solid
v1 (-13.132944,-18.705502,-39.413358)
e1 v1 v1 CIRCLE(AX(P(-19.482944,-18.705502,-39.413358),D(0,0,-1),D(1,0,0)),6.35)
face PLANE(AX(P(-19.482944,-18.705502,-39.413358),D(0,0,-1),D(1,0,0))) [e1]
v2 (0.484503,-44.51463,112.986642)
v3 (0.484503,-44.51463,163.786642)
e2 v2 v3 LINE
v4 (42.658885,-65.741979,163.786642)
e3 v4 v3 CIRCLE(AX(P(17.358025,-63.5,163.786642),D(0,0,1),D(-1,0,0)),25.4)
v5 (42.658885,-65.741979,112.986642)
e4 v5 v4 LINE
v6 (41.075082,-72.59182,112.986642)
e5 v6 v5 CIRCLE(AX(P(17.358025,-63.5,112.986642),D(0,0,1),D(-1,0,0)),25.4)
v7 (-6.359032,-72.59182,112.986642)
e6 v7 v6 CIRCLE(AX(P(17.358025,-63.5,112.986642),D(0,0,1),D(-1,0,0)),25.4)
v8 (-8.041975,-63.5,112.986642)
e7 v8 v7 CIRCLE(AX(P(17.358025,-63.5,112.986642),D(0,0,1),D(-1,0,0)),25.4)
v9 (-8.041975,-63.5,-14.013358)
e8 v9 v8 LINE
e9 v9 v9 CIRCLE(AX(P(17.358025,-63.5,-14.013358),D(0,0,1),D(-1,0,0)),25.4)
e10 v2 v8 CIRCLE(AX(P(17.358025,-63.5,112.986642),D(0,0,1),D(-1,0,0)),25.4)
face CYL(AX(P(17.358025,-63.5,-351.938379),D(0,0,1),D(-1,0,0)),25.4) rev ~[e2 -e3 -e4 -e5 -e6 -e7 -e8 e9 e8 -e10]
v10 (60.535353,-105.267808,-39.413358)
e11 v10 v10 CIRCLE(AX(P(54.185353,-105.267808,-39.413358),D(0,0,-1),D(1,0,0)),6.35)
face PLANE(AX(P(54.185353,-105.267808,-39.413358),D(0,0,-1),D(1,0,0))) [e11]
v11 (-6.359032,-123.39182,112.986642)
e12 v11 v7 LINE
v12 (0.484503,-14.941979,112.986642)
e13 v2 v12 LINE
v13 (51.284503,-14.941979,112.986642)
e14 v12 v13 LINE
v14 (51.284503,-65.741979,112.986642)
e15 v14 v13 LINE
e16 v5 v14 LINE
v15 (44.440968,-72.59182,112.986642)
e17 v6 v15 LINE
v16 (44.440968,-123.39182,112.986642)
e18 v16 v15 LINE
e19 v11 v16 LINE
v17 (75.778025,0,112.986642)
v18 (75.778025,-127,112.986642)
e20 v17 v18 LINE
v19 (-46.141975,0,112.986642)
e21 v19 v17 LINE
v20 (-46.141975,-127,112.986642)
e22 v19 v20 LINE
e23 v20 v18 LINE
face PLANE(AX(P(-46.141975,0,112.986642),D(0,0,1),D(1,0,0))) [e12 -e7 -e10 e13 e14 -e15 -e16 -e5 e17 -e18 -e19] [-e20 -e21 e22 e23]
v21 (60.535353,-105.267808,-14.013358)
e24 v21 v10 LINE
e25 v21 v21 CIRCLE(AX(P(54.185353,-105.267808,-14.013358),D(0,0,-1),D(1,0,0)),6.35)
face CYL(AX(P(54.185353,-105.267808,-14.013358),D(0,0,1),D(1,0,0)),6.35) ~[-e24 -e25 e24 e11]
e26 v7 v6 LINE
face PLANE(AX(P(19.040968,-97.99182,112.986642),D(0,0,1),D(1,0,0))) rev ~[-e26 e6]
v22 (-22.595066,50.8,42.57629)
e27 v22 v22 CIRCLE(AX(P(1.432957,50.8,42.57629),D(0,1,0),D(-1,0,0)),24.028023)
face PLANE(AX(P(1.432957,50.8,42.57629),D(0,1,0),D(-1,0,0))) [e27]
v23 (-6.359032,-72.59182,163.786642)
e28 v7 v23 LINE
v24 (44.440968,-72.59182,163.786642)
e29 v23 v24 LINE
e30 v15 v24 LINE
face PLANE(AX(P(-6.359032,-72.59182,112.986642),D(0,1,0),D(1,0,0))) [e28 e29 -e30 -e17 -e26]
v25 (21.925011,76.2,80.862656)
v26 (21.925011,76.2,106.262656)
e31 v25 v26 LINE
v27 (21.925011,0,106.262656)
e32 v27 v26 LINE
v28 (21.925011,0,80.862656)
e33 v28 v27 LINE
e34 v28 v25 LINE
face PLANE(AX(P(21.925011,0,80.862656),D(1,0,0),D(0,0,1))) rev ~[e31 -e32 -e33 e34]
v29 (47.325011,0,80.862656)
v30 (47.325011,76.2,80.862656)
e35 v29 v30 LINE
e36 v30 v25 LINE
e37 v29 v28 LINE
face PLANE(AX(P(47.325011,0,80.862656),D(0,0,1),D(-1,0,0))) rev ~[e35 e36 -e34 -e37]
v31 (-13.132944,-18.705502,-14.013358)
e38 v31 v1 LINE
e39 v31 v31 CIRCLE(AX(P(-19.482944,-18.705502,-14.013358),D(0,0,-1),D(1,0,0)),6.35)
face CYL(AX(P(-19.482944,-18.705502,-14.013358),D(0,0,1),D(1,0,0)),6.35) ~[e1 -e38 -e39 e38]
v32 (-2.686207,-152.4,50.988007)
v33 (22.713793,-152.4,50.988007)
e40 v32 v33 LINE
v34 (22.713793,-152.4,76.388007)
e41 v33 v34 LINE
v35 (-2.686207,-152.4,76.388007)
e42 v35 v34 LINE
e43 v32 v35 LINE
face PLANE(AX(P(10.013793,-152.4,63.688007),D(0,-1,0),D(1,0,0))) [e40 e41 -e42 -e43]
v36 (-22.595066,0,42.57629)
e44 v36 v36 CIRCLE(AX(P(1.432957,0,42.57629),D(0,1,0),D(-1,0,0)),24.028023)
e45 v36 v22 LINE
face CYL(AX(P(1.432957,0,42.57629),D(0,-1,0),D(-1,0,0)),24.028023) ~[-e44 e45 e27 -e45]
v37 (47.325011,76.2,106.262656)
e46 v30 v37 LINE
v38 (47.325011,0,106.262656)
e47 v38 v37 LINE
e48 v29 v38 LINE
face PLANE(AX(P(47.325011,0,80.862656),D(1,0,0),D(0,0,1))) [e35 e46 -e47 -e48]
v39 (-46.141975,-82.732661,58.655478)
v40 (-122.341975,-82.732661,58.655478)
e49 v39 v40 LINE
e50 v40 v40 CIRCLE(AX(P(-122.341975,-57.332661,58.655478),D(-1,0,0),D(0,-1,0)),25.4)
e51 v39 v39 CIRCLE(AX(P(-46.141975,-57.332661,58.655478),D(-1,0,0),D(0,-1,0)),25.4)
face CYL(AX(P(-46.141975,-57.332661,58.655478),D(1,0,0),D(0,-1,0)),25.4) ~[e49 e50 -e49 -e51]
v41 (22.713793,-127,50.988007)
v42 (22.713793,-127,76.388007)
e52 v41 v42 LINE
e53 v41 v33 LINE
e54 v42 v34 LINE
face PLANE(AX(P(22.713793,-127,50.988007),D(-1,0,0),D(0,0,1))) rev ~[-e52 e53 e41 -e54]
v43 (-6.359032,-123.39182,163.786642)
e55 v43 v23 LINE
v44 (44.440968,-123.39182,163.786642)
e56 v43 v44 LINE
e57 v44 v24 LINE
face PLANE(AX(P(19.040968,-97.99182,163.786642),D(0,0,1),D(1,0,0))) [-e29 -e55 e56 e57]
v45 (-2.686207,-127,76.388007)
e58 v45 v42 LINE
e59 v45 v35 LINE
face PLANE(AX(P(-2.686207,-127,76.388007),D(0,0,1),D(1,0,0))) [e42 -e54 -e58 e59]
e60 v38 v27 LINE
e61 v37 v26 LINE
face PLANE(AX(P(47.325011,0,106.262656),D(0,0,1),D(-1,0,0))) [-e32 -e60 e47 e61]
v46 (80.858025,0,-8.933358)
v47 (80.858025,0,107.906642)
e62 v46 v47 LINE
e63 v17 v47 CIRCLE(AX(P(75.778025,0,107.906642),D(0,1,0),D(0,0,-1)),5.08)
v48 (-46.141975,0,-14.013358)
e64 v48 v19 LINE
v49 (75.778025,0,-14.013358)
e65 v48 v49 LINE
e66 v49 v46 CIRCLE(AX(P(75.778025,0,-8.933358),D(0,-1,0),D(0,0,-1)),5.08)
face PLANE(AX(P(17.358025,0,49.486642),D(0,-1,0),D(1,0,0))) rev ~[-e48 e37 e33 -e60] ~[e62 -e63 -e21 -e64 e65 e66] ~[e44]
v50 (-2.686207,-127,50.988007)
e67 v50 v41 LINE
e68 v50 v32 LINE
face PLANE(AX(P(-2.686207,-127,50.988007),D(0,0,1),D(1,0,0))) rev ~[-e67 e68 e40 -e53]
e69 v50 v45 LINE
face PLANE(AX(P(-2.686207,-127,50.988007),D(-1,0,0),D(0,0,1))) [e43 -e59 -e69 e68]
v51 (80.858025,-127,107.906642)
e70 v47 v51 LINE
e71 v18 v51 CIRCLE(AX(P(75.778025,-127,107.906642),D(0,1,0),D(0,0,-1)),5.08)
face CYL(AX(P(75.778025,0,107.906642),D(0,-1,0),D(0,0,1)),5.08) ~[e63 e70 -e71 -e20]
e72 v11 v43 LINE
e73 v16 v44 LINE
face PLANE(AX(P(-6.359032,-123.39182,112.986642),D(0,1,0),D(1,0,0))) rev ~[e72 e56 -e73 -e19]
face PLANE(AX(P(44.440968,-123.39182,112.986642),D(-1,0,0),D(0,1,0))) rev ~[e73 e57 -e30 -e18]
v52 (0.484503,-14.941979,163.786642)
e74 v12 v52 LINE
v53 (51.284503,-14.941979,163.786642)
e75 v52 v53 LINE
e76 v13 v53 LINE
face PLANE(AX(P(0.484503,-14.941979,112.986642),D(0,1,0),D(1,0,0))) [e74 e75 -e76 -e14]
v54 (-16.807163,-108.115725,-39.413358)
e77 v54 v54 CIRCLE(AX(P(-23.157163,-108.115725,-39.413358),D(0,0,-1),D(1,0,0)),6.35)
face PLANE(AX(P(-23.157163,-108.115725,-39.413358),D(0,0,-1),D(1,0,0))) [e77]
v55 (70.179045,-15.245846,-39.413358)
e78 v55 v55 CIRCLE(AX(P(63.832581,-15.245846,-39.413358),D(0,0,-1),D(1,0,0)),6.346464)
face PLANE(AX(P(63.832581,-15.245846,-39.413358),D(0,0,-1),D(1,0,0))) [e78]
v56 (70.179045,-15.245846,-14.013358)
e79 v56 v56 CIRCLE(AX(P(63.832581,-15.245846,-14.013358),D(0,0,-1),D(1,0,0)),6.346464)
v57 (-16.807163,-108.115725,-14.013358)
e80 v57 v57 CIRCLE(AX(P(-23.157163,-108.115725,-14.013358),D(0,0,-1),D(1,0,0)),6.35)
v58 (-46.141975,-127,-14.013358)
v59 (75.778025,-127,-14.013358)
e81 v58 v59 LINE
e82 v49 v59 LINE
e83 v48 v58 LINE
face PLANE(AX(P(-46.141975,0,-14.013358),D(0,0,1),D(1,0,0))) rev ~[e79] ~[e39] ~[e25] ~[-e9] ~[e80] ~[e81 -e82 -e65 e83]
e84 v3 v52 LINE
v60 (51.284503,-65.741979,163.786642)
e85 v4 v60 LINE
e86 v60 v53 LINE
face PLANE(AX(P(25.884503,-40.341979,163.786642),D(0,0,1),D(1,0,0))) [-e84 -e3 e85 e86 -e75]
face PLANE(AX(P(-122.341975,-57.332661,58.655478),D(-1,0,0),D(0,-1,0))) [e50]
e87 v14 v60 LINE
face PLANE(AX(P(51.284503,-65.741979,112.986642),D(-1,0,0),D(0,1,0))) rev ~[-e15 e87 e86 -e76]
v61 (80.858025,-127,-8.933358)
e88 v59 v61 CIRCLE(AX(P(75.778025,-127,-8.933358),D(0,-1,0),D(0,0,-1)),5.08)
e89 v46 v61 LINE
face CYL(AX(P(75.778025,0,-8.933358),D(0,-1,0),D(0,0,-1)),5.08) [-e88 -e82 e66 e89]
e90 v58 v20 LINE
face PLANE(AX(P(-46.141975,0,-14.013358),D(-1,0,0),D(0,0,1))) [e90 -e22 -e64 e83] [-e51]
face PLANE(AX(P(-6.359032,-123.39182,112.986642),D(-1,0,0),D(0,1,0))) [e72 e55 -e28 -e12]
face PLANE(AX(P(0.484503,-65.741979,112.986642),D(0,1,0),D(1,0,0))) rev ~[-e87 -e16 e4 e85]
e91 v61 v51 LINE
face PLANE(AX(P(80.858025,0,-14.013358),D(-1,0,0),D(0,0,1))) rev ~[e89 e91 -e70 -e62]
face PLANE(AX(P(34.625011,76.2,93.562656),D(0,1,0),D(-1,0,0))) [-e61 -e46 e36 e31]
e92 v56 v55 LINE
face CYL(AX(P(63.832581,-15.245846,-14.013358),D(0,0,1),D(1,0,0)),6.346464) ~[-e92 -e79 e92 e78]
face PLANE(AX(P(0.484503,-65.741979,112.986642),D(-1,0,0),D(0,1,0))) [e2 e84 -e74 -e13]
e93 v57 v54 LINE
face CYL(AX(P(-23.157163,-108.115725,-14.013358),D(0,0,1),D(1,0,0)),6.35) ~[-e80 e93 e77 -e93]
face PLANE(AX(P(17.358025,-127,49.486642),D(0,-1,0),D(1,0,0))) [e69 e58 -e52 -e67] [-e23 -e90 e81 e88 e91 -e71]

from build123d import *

# Parameters (mm, degrees)
F0_W      = 127
F0_H      = 127
F1_DEPTH  = 127
F2_W      = 50.8
F2_H      = 50.8
F3_DEPTH  = 50.8
F4_R      = 25.4
F5_DEPTH  = 76.2
F6_R      = 24.028023
F7_DEPTH  = 50.8
F8_W      = 25.4
F8_H      = 25.4
F9_DEPTH  = 76.2
F11_D     = 50.8
F12_R     = 5.08
F13_W     = 25.4
F13_H     = 25.4
F14_DEPTH = 25.4
F15_R     = 6.35
F17_DEPTH = 25.4
F18_R     = 6.35
F19_DEPTH = 25.4
F20_R     = 6.35
F21_DEPTH = 25.4
F22_R     = 6.346464
F23_DEPTH = 25.4
F24_W     = 50.8
F24_H     = 50.8
F25_DEPTH = 50.8


with BuildPart() as f1:
    # F0 (on Front) → F1 (new body)
    with BuildSketch(Plane.XZ):
        with Locations((17.358025, 49.486642)):
            Rectangle(F0_W, F0_H)
    extrude(amount=F1_DEPTH)

    # F2 (on face) → F3 (join)
    with BuildSketch(Plane.XY.offset(112.986642)):
        with Locations((25.884503, -40.341979)):
            Rectangle(F2_W, F2_H)
    extrude(amount=F3_DEPTH)

    # F4 (on face) → F5 (join)
    with BuildSketch(Plane(origin=(-46.141975, 0, 0), x_dir=(0, -1, 0), z_dir=(-1, 0, 0))):
        with Locations((57.332661, 58.655478)):
            Circle(F4_R)
    extrude(amount=F5_DEPTH)

    # F6 (on face) → F7 (join)
    with BuildSketch(Plane(origin=(0, 0, 0), x_dir=(-1, 0, 0), z_dir=(0, 1, 0))):
        with Locations((-1.432957, 42.57629)):
            Circle(F6_R)
    extrude(amount=F7_DEPTH)

    # F8 (on face) → F9 (join)
    with BuildSketch(Plane(origin=(0, 0, 0), x_dir=(-1, 0, 0), z_dir=(0, 1, 0))):
        with Locations((-34.625011, 93.562656)):
            Rectangle(F8_W, F8_H)
    extrude(amount=F9_DEPTH)

    # F11 (through all)
    with Locations(Plane(origin=(0, 0, -14.013358), x_dir=(1, 0, 0), z_dir=(0, 0, -1))):
        with Locations((17.358025, 63.5)):
            Hole(F11_D / 2)

    # F12
    f12_edges = [f1.edges().sort_by_distance(p)[0] for p in [
        (80.858025, -63.5, -14.013358),
        (80.858025, -63.5, 112.986642),
    ]]
    fillet(f12_edges, radius=F12_R)

    # F13 (on face) → F14 (join)
    with BuildSketch(Plane.XZ.offset(127)):
        with Locations((10.013793, 63.688007)):
            Rectangle(F13_W, F13_H)
    extrude(amount=F14_DEPTH)

    # F15 (on face) → F17 (join)
    with BuildSketch(Plane(origin=(0, 0, -14.013358), x_dir=(1, 0, 0), z_dir=(0, 0, -1))):
        with Locations((-19.482944, 18.705502)):
            Circle(F15_R)
    extrude(amount=F17_DEPTH)

    # F18 (on face) → F19 (join)
    with BuildSketch(Plane(origin=(0, 0, -14.013358), x_dir=(1, 0, 0), z_dir=(0, 0, -1))):
        with Locations((54.185353, 105.267808)):
            Circle(F18_R)
    extrude(amount=F19_DEPTH)

    # F20 (on face) → F21 (join)
    with BuildSketch(Plane(origin=(0, 0, -14.013358), x_dir=(1, 0, 0), z_dir=(0, 0, -1))):
        with Locations((-23.157163, 108.115725)):
            Circle(F20_R)
    extrude(amount=F21_DEPTH)

    # F22 (on face) → F23 (join)
    with BuildSketch(Plane(origin=(0, 0, -14.013358), x_dir=(1, 0, 0), z_dir=(0, 0, -1))):
        with Locations((63.832581, 15.245846)):
            Circle(F22_R)
    extrude(amount=F23_DEPTH)

    # F24 (on face) → F25 (join)
    with BuildSketch(Plane.XY.offset(112.986642)):
        with Locations((19.040968, -97.99182)):
            Rectangle(F24_W, F24_H)
    extrude(amount=F25_DEPTH)


solid = f1.part
